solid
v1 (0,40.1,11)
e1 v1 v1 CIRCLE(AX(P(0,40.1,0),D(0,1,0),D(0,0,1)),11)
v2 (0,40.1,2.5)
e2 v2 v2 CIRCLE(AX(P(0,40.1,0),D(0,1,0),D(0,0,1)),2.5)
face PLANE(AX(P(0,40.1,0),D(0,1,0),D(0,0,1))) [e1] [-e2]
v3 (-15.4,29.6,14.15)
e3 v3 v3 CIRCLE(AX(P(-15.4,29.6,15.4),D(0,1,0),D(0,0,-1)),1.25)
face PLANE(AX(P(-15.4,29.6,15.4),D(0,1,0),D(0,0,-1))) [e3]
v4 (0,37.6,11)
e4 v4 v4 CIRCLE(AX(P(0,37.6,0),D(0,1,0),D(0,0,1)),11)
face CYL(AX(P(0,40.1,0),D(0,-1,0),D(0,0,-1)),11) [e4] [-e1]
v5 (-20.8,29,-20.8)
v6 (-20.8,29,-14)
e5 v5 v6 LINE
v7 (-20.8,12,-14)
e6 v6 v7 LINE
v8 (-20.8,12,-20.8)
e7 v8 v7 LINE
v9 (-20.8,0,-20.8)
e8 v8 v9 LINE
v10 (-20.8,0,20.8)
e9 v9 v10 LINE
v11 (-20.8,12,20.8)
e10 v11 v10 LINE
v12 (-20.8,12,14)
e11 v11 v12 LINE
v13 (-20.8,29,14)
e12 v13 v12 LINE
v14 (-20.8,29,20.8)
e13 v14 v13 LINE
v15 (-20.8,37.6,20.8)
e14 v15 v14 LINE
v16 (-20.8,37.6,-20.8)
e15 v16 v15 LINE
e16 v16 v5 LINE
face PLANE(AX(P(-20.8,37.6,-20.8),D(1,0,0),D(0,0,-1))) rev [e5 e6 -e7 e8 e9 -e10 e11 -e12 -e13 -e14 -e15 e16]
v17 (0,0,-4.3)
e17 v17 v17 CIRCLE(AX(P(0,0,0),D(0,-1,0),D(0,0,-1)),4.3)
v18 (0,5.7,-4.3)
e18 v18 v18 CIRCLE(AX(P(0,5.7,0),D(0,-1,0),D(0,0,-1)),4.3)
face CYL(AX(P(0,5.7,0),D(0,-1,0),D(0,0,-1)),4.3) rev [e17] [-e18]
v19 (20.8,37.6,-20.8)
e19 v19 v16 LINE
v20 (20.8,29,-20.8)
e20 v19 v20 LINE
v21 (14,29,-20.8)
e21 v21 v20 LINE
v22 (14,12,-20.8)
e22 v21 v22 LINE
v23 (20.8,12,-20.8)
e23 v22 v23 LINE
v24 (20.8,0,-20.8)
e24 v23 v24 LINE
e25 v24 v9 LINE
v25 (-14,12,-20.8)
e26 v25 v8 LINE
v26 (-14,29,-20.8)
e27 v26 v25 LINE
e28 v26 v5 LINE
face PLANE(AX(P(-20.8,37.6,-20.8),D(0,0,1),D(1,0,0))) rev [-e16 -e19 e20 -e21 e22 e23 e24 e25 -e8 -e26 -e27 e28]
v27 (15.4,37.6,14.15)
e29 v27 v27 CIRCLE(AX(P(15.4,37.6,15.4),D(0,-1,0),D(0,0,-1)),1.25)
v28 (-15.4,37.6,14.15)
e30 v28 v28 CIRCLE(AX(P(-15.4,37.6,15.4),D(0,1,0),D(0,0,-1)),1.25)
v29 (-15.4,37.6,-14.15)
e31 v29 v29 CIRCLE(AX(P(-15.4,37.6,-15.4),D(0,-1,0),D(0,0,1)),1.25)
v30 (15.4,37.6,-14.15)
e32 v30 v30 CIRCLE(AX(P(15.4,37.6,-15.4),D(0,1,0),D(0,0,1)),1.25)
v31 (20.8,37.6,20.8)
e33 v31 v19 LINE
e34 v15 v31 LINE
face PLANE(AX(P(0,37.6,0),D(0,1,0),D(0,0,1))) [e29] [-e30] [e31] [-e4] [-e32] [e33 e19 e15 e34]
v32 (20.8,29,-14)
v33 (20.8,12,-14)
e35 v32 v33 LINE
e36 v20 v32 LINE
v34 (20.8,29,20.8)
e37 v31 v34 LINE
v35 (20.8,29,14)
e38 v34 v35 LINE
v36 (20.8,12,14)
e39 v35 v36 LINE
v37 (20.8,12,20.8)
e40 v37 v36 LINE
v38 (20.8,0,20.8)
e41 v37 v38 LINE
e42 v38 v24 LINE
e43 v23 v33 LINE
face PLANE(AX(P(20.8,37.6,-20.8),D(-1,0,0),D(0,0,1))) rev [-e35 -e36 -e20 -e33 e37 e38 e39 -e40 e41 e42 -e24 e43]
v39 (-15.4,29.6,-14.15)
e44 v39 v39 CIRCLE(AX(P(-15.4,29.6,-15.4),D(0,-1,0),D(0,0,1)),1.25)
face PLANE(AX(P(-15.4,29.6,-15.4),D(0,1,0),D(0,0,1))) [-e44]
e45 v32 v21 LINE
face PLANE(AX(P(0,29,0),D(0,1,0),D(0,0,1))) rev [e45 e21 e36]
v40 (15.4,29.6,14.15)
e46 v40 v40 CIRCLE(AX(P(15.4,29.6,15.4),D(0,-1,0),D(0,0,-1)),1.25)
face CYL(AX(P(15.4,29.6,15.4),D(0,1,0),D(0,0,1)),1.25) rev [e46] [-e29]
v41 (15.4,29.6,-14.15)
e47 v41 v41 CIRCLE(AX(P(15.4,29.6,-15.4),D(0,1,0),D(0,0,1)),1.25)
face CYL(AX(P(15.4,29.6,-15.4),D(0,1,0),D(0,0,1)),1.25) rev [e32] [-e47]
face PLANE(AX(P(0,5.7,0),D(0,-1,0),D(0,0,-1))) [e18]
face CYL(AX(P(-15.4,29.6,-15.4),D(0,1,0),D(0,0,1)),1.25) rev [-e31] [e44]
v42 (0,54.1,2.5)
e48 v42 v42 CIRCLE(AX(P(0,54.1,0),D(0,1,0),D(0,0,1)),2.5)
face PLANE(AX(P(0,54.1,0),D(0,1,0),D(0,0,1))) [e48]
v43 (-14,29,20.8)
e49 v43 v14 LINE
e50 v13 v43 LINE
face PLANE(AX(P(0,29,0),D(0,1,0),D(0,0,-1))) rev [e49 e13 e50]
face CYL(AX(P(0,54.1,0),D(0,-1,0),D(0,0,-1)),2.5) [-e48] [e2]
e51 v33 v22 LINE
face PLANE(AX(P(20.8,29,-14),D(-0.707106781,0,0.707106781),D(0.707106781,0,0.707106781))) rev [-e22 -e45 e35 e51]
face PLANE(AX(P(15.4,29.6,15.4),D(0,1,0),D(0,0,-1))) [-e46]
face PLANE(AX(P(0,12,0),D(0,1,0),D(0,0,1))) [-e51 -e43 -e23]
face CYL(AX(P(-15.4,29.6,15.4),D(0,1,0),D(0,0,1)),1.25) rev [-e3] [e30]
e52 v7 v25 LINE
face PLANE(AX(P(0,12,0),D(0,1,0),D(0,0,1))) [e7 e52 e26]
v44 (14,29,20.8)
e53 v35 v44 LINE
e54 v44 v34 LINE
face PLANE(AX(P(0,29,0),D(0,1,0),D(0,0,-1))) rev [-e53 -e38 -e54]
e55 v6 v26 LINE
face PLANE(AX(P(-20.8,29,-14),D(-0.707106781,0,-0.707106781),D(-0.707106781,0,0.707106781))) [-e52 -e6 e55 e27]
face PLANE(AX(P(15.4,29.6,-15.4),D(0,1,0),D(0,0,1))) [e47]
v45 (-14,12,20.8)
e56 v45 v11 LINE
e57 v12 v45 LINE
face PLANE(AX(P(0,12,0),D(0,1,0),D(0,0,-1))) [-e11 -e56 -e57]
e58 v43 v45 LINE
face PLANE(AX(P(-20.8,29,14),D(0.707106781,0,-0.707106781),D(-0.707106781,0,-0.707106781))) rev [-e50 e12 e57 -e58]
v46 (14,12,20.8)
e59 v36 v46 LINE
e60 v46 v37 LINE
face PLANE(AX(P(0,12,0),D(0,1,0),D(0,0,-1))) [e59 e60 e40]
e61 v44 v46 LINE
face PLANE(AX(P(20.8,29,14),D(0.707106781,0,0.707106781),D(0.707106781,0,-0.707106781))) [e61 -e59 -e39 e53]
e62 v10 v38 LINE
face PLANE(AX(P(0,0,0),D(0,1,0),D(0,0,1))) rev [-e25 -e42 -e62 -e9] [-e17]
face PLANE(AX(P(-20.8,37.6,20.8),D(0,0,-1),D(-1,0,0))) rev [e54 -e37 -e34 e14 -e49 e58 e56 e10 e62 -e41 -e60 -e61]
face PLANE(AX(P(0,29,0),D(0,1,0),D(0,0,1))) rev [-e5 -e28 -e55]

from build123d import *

# Parameters (mm, degrees)
SKETCH1_W               = 41.6
SKETCH1_H               = 41.6
BOSS_EXTRUDE1_DEPTH     = 37.6
SKETCH2_R               = 11
BOSS_EXTRUDE2_DEPTH     = 2.5
SKETCH3_R               = 2.5
BOSS_EXTRUDE3_DEPTH     = 14
SKETCH4_R               = 1.25
CUT_EXTRUDE1_DEPTH      = 8
MIRROR2_COPY_1_SKETCH_R = 1.25
MIRROR2_COPY_1_DEPTH    = 8
CUT_EXTRUDE2_DEPTH      = 17
MIRROR4_COPY_1_DEPTH    = 17
SKETCH10_R              = 4.3
CUT_EXTRUDE3_DEPTH      = 5.7


with BuildPart() as part:
    # Sketch1 → Boss-Extrude1 (new body)
    with BuildSketch(Plane(origin=(0, 0, 0), x_dir=(1, 0, 0), z_dir=(0, 1, 0))):
        Rectangle(SKETCH1_W, SKETCH1_H)
    extrude(amount=BOSS_EXTRUDE1_DEPTH)

    # Sketch2 → Boss-Extrude2 (add)
    with BuildSketch(Plane(origin=(0, 37.6, 0), x_dir=(1, 0, 0), z_dir=(0, 1, 0))):
        Circle(SKETCH2_R)
    extrude(amount=BOSS_EXTRUDE2_DEPTH)

    # Sketch3 → Boss-Extrude3 (add)
    with BuildSketch(Plane(origin=(0, 40.1, 0), x_dir=(1, 0, 0), z_dir=(0, 1, 0))):
        Circle(SKETCH3_R)
    extrude(amount=BOSS_EXTRUDE3_DEPTH)

    # Sketch4 → Cut-Extrude1 (cut)
    with BuildSketch(Plane(origin=(0, 37.6, 0), x_dir=(1, 0, 0), z_dir=(0, 1, 0))):
        with Locations((15.4, 15.4)):
            Circle(SKETCH4_R)
    cut_extrude1 = extrude(amount=-CUT_EXTRUDE1_DEPTH, mode=Mode.SUBTRACT)

    # Mirror1: Cut-Extrude1 across plane
    add(cut_extrude1.mirror(Plane(origin=(0, 0, 0), x_dir=(0, 0, 1), z_dir=(1, 0, 0))), mode=Mode.SUBTRACT)

    # Mirror2: Cut-Extrude1 across plane
    add(cut_extrude1.mirror(Plane.XY), mode=Mode.SUBTRACT)

    # Mirror2 copy 1 sketch → Mirror2 copy 1 (cut)
    with BuildSketch(Plane(origin=(0, 37.6, 0), x_dir=(-1, 0, 0), z_dir=(0, 1, 0))):
        with Locations((15.4, 15.4)):
            Circle(MIRROR2_COPY_1_SKETCH_R)
    extrude(amount=-MIRROR2_COPY_1_DEPTH, mode=Mode.SUBTRACT)

    # Sketch9 → Cut-Extrude2 (cut)
    with BuildSketch(Plane(origin=(0, 12, 0), x_dir=(1, 0, 0), z_dir=(0, 1, 0))):
        Polygon((20.8, 14), (14, 20.8), (20.8, 20.8), align=None)
    cut_extrude2 = extrude(amount=CUT_EXTRUDE2_DEPTH, mode=Mode.SUBTRACT)

    # Mirror3: Cut-Extrude2 across plane
    add(cut_extrude2.mirror(Plane.XY), mode=Mode.SUBTRACT)

    # Mirror4: Cut-Extrude2 across plane
    add(cut_extrude2.mirror(Plane(origin=(0, 0, 0), x_dir=(0, 0, 1), z_dir=(1, 0, 0))), mode=Mode.SUBTRACT)

    # Mirror4 copy 1 sketch → Mirror4 copy 1 (cut)
    with BuildSketch(Plane(origin=(0, 12, 0), x_dir=(-1, 0, 0), z_dir=(0, 1, 0))):
        Polygon((20.8, 14), (14, 20.8), (20.8, 20.8), align=None)
    extrude(amount=MIRROR4_COPY_1_DEPTH, mode=Mode.SUBTRACT)

    # Sketch10 → Cut-Extrude3 (cut)
    with BuildSketch(Plane.XZ):
        Circle(SKETCH10_R)
    extrude(amount=-CUT_EXTRUDE3_DEPTH, mode=Mode.SUBTRACT)


solid = part.part
